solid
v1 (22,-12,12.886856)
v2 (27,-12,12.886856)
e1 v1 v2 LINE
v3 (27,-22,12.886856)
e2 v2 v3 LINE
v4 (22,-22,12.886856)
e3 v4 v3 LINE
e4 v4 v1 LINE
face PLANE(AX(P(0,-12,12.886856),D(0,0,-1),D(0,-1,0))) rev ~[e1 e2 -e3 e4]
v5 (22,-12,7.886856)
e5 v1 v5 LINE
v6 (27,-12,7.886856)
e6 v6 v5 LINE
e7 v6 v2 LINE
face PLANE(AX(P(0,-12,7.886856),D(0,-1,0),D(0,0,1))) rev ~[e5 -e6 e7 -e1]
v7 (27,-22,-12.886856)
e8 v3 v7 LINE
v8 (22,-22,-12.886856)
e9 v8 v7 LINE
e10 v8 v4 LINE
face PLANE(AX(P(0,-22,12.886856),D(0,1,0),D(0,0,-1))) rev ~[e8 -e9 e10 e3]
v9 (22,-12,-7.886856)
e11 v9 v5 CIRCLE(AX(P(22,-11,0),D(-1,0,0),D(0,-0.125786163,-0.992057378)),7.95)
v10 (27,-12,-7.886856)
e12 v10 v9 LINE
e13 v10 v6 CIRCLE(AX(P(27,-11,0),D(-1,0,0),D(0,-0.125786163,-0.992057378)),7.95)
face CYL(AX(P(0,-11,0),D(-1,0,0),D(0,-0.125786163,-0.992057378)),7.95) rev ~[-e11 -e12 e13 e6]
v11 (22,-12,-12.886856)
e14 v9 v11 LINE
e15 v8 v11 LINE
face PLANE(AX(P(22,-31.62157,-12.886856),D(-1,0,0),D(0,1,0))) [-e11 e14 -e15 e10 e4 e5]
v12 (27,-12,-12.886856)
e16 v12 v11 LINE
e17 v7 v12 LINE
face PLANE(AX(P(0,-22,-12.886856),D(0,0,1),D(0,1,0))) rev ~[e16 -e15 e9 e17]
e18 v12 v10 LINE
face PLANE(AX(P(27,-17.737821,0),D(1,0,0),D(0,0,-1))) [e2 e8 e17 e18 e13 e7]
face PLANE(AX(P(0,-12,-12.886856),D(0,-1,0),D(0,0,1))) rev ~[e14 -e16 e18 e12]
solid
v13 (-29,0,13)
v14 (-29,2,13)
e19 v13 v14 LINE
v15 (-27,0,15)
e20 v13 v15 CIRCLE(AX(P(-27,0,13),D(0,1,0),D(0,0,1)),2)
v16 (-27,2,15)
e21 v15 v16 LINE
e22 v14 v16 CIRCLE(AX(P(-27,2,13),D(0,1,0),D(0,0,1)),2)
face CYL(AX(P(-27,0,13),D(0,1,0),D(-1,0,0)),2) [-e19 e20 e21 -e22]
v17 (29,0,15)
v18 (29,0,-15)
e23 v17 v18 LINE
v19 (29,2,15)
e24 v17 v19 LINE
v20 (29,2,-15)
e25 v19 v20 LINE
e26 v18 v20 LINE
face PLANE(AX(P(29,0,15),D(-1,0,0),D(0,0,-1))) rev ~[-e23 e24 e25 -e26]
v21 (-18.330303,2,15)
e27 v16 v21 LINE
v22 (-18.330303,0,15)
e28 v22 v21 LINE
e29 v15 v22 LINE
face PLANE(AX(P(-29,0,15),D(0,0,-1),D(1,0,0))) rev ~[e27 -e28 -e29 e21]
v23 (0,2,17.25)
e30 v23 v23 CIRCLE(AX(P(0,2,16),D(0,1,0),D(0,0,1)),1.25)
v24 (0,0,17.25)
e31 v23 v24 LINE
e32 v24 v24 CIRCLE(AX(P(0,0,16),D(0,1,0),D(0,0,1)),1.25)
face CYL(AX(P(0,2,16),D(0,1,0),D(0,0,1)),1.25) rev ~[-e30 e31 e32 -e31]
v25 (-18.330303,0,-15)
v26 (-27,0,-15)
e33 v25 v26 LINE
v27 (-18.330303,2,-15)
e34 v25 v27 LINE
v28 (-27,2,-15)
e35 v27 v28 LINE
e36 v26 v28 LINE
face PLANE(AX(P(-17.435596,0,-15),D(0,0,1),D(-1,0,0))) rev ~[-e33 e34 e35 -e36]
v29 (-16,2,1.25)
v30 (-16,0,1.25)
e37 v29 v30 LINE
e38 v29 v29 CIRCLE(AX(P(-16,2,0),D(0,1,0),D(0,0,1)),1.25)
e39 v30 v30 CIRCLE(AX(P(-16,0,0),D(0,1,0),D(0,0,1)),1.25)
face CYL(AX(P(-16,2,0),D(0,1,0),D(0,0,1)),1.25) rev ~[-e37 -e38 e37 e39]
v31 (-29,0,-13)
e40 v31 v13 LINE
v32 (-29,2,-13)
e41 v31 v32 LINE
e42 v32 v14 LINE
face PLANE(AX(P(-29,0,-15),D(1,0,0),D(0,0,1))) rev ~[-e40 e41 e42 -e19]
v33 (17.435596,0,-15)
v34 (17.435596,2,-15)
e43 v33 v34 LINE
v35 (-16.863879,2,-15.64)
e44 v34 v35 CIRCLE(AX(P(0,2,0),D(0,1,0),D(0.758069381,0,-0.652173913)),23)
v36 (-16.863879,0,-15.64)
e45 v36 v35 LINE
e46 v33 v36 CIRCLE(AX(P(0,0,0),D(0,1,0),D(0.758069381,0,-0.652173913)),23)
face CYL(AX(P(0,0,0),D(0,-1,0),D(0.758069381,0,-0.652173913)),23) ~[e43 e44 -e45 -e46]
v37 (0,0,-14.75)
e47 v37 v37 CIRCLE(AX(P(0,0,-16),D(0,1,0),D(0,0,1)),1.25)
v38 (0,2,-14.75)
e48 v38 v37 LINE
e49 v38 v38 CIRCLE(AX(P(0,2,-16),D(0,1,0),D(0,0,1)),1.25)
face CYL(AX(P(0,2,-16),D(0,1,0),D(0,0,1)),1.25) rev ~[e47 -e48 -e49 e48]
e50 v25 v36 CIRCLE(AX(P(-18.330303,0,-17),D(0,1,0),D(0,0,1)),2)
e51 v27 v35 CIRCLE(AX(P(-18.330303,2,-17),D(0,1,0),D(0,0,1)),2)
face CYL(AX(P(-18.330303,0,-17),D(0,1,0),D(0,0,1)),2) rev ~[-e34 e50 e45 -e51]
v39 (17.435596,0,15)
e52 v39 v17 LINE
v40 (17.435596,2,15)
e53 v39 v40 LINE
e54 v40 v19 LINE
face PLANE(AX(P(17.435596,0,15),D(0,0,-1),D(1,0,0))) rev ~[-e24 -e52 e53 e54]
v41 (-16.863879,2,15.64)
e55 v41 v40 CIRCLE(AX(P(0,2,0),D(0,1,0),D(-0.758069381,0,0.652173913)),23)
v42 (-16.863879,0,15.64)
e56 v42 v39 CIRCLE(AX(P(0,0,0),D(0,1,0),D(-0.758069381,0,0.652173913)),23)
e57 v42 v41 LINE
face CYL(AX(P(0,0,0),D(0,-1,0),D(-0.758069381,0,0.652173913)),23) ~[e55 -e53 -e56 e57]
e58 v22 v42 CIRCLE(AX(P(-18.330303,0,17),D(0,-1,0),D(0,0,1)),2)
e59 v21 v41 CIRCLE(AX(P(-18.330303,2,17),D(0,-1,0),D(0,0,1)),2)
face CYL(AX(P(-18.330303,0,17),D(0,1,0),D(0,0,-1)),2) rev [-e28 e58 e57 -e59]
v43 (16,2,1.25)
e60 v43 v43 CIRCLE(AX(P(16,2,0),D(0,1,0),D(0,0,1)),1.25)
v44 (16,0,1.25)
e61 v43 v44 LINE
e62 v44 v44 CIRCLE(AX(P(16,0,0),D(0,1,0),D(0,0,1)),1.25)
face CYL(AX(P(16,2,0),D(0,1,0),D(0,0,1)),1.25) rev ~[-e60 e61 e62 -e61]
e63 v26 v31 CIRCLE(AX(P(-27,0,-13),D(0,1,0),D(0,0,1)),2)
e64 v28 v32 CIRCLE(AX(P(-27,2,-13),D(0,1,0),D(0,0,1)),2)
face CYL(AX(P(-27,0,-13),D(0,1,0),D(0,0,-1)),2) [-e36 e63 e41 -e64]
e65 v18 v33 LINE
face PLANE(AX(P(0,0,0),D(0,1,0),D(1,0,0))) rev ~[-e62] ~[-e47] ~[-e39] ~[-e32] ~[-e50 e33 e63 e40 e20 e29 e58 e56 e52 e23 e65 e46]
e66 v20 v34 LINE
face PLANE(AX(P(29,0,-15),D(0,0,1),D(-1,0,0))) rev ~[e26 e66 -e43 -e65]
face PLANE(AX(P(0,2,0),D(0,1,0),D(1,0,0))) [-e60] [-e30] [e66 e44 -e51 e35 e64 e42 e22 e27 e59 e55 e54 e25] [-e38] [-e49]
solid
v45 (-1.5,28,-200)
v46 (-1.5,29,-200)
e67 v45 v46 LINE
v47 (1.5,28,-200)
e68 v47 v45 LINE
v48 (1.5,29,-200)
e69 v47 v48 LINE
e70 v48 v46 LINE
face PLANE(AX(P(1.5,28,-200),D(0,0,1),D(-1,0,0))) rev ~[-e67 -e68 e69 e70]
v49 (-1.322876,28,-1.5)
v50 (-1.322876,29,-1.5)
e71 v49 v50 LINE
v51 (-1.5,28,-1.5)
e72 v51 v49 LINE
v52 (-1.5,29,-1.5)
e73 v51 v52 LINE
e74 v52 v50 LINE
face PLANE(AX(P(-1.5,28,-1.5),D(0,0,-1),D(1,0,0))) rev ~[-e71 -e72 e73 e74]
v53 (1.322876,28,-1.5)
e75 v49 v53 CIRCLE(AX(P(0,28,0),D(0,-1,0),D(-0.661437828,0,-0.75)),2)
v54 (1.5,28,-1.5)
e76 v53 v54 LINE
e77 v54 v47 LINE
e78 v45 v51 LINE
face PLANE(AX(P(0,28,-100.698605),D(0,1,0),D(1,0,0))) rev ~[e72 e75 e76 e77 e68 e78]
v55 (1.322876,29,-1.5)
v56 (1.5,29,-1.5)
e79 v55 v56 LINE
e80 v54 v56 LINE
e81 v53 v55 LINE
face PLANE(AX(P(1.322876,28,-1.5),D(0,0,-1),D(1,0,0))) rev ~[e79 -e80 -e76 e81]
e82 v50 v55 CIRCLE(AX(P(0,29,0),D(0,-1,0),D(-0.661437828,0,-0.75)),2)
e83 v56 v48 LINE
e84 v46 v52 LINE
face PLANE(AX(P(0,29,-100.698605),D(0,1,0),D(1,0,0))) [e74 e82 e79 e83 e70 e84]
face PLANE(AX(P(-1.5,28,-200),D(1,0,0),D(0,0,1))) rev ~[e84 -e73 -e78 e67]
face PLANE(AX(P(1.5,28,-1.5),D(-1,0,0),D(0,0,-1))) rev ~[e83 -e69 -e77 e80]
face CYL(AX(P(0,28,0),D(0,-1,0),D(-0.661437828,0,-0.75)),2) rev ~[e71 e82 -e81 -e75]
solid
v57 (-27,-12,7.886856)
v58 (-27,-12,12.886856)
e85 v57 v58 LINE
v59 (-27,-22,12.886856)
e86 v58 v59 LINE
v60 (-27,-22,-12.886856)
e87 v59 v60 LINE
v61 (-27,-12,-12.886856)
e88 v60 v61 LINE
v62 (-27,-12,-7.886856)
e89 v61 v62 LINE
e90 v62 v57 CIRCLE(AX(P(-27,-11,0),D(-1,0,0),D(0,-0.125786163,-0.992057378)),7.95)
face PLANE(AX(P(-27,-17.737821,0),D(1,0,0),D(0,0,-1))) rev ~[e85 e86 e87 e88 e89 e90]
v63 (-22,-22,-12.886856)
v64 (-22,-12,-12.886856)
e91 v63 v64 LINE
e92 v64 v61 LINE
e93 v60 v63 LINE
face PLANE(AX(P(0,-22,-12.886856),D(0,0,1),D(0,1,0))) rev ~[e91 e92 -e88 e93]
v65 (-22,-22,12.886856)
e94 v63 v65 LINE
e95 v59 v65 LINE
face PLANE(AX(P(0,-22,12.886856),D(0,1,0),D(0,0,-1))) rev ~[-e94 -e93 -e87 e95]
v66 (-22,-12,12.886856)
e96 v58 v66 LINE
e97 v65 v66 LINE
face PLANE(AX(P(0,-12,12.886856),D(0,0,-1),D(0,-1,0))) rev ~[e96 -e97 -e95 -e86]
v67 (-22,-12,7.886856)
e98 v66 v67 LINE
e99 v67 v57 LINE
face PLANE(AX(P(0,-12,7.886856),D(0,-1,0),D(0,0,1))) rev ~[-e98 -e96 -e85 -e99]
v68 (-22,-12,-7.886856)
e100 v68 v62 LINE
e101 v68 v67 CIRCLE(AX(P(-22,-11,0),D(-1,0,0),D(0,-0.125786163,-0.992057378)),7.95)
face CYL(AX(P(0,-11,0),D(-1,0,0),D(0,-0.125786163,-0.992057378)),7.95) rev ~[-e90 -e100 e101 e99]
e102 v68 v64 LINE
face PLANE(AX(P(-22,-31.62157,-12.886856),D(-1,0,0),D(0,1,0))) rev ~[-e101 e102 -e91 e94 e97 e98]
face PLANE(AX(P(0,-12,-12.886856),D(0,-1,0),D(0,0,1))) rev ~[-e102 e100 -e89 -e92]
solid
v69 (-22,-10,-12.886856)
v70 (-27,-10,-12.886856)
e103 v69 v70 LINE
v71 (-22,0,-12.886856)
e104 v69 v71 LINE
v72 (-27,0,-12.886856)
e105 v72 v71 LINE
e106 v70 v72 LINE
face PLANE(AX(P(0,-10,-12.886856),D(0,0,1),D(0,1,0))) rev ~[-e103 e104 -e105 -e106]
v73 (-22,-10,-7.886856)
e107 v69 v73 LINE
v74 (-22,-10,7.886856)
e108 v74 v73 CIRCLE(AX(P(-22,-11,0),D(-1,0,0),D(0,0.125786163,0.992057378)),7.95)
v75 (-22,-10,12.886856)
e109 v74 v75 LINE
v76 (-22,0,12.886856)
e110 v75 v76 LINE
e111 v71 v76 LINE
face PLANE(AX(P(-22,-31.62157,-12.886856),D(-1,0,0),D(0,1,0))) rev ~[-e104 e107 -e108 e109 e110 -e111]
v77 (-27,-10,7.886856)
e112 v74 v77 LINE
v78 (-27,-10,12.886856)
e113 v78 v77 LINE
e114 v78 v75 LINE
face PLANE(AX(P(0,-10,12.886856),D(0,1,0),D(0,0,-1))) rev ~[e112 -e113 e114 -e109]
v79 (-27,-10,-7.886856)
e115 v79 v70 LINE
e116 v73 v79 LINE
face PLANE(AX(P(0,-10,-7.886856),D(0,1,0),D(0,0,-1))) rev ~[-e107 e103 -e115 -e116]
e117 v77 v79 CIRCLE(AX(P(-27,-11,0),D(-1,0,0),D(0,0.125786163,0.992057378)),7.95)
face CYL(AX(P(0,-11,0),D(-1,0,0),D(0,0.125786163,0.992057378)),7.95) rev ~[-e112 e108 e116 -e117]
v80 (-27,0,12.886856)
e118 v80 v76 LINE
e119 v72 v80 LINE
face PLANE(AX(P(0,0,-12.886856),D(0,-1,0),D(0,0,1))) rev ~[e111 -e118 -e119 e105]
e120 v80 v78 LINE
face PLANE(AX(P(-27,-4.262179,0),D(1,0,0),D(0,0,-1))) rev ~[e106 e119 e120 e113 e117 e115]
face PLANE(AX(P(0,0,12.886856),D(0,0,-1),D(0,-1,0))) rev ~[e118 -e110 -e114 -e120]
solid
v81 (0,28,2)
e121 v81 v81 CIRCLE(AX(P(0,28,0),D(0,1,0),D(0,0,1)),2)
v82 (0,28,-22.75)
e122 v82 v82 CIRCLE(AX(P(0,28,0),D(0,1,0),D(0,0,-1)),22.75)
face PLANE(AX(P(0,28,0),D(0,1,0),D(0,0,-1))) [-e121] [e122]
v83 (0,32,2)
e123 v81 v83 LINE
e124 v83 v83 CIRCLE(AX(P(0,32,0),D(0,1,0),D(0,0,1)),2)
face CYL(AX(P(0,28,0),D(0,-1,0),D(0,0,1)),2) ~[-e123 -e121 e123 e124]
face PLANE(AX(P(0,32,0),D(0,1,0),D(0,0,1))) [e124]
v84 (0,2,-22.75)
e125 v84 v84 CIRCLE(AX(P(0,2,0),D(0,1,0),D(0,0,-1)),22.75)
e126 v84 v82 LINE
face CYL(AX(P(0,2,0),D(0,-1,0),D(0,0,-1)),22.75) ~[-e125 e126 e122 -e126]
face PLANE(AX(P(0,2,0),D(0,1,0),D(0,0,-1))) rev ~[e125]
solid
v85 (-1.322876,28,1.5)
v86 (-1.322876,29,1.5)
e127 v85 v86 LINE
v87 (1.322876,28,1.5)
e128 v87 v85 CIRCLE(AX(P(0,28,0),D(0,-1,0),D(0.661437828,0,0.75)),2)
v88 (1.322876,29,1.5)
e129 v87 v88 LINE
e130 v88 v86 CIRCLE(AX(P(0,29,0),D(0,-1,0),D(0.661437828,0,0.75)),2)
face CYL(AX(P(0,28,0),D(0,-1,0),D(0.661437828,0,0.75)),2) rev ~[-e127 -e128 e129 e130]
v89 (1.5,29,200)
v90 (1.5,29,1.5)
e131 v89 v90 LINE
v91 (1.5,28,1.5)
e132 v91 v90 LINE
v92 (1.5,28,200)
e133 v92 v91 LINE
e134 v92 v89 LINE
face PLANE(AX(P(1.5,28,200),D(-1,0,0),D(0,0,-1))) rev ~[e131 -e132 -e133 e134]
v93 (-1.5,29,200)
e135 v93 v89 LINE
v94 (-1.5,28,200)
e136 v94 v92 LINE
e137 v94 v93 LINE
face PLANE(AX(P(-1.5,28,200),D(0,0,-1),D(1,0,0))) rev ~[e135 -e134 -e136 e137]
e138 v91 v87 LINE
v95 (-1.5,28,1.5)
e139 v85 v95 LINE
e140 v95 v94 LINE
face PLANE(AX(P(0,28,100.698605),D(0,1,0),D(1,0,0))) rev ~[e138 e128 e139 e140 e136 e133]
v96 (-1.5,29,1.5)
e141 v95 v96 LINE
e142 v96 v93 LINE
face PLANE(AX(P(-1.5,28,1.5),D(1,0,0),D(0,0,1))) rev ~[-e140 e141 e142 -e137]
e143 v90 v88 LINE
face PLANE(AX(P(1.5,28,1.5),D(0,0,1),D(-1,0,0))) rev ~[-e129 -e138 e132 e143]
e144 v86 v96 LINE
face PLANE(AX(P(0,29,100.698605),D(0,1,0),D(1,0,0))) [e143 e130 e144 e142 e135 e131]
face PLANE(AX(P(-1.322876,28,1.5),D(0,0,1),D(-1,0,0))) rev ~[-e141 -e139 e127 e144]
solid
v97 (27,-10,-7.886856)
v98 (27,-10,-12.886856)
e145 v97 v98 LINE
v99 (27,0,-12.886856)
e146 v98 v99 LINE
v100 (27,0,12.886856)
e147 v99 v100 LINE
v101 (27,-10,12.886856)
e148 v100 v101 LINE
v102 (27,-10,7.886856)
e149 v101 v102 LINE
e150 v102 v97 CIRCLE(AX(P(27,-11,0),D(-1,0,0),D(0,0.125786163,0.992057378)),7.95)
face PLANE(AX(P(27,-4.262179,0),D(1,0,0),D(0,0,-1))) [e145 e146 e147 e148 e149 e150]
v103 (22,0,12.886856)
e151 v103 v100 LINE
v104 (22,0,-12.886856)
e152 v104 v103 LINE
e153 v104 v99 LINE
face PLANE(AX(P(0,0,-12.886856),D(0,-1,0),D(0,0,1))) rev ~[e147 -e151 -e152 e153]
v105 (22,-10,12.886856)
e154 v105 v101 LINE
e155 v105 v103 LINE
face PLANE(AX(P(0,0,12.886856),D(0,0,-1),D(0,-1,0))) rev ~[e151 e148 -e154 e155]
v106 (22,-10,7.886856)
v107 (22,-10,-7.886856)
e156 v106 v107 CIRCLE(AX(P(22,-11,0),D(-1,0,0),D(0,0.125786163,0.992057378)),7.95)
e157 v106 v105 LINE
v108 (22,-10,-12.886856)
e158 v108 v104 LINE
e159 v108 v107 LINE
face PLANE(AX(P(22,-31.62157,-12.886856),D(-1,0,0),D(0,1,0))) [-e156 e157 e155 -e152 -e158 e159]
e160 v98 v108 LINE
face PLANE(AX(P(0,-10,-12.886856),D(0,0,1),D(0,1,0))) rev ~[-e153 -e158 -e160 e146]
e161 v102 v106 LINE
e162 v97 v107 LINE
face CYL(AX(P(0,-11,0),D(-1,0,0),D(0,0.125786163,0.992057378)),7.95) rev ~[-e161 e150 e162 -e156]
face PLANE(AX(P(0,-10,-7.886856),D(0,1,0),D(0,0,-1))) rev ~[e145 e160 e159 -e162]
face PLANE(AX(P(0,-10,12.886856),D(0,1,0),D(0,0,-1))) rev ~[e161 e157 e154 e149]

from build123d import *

# Parameters (mm, degrees)
BOSS_EXTRUDE1_DEPTH   = 2
BOSS_EXTRUDE2_DEPTH   = 27
BOSS_EXTRUDE2_2_DEPTH = 27
SKETCH4_W             = 44
SKETCH4_H             = 31.621569558
CUT_EXTRUDE1_DEPTH    = 52.116205304
SKETCH5_R             = 1.25
CUT_EXTRUDE2_DEPTH    = 45.11349
SKETCH6_R             = 22.75
BOSS_EXTRUDE3_DEPTH   = 26
SKETCH7_R             = 2
BOSS_EXTRUDE4_DEPTH   = 4
FILLET1_R             = 2
BOSS_EXTRUDE5_DEPTH   = 1
BOSS_EXTRUDE5_2_DEPTH = 1


with BuildPart() as part:
    # Sketch1 → Boss-Extrude1 (new body)
    with BuildSketch(Plane(origin=(0, 0, 0), x_dir=(1, 0, 0), z_dir=(0, 1, 0))):
        with BuildLine():
            Line((-17.435595774, 15), (-29, 15))
            Line((-29, 15), (-29, -15))
            Line((-29, -15), (-17.435595774, -15))
            ThreePointArc((-17.435595774, -15), (0, -23), (17.435595774, -15))
            Line((17.435595774, -15), (29, -15))
            Line((29, -15), (29, 15))
            Line((29, 15), (17.435595774, 15))
            ThreePointArc((17.435595774, 15), (0, 23), (-17.435595774, 15))
        make_face()
    extrude(amount=BOSS_EXTRUDE1_DEPTH)

    # Sketch5 → Cut-Extrude2 (cut, through all)
    with BuildSketch(Plane(origin=(0, 2, 0), x_dir=(1, 0, 0), z_dir=(0, 1, 0))):
        with Locations(Location((0, 16, 0), (0, 0, 270))):
            Circle(SKETCH5_R)
        with Locations(Location((16, 0, 0), (0, 0, 270))):
            Circle(SKETCH5_R)
        with Locations(Location((0, -16, 0), (0, 0, 270))):
            Circle(SKETCH5_R)
        with Locations(Location((-16, 0, 0), (0, 0, 270))):
            Circle(SKETCH5_R)
    extrude(amount=-CUT_EXTRUDE2_DEPTH, mode=Mode.SUBTRACT)

    # Fillet1
    fillet1_edges = [part.edges().sort_by_distance(p)[0] for p in [
        (-29, 1, 15),
        (-29, 1, -15),
        (-17.435595774, 1, -15),
        (-17.435595774, 1, 15),
    ]]
    fillet(fillet1_edges, radius=FILLET1_R)


with BuildPart() as body_2:
    # Sketch2 → Boss-Extrude2 (new, symmetric)
    with BuildSketch(Plane.ZY):
        with BuildLine():
            Line((-12.886856154, -10), (-12.886856154, 0))
            Line((-12.886856154, 0), (12.886856154, 0))
            Line((12.886856154, 0), (12.886856154, -10))
            Line((12.886856154, -10), (7.886856154, -10))
            ThreePointArc((7.886856154, -10), (0, -3.05), (-7.886856154, -10))
            Line((-7.886856154, -10), (-12.886856154, -10))
        make_face()
    extrude(amount=BOSS_EXTRUDE2_DEPTH, both=True)


with BuildPart() as body_3:
    # Sketch2 → Boss-Extrude2 2 (new, symmetric)
    with BuildSketch(Plane.ZY):
        with BuildLine():
            Line((7.886856154, -12), (12.886856154, -12))
            Line((12.886856154, -12), (12.886856154, -22))
            Line((12.886856154, -22), (-12.886856154, -22))
            Line((-12.886856154, -22), (-12.886856154, -12))
            Line((-12.886856154, -12), (-7.886856154, -12))
            ThreePointArc((-7.886856154, -12), (0, -18.95), (7.886856154, -12))
        make_face()
    extrude(amount=BOSS_EXTRUDE2_2_DEPTH, both=True)


with BuildPart() as cut_extrude1_tool:
    # Sketch4 → Cut-Extrude1 (new, through all)
    with BuildSketch(Plane(origin=(0, 0, -12.886856154), x_dir=(-1, 0, 0), z_dir=(0, 0, -1))):
        with Locations((0, -15.810784779)):
            Rectangle(SKETCH4_W, SKETCH4_H)
    extrude(amount=-CUT_EXTRUDE1_DEPTH)


with BuildPart() as body_2_1:
    add(body_2.part)

    # Cut-Extrude1: cut by cut_extrude1_tool
    add(cut_extrude1_tool.part, mode=Mode.SUBTRACT)


with BuildPart() as body_3_1:
    add(body_3.part)

    # Cut-Extrude1: cut by cut_extrude1_tool
    add(cut_extrude1_tool.part, mode=Mode.SUBTRACT)


with BuildPart() as cut_extrude1_piece_1:
    # of the separate pieces the step leaves, piece 1, a body of its own (cut_extrude1_pieces)
    add(body_2_1.part.solids().sort_by_distance((27, -10, -7.886856154))[0])


with BuildPart() as cut_extrude1_piece_2:
    # of the separate pieces the step leaves, piece 2, a body of its own (cut_extrude1_pieces)
    add(body_2_1.part.solids().sort_by_distance((-22, -10, -7.886856154))[0])


with BuildPart() as cut_extrude1_piece_1_of_body_3:
    # of the separate pieces the step leaves, piece 1, a body of its own (cut_extrude1_pieces_of_body_3)
    add(body_3_1.part.solids().sort_by_distance((27, -12, 7.886856154))[0])


with BuildPart() as cut_extrude1_piece_2_of_body_3:
    # of the separate pieces the step leaves, piece 2, a body of its own (cut_extrude1_pieces_of_body_3)
    add(body_3_1.part.solids().sort_by_distance((-22, -12, 7.886856154))[0])


with BuildPart() as body_6:
    # Sketch6 → Boss-Extrude3 (new body)
    with BuildSketch(Plane(origin=(0, 2, 0), x_dir=(1, 0, 0), z_dir=(0, 1, 0))):
        with Locations(Location((0, 0, 0), (0, 0, 90))):
            Circle(SKETCH6_R)
    extrude(amount=BOSS_EXTRUDE3_DEPTH)

    # Sketch7 → Boss-Extrude4 (add)
    with BuildSketch(Plane(origin=(0, 28, 0), x_dir=(1, 0, 0), z_dir=(0, 1, 0))):
        with Locations(Location((0, 0, 0), (0, 0, 270))):
            Circle(SKETCH7_R)
    extrude(amount=BOSS_EXTRUDE4_DEPTH)


with BuildPart() as body_7:
    # Sketch8 → Boss-Extrude5 (new body)
    with BuildSketch(Plane(origin=(0, 28, 0), x_dir=(1, 0, 0), z_dir=(0, 1, 0))):
        with BuildLine():
            Line((-1.5, -1.5), (-1.5, -200))
            Line((-1.5, -200), (1.5, -200))
            Line((1.5, -200), (1.5, -1.5))
            Line((1.5, -1.5), (1.322875656, -1.5))
            ThreePointArc((1.322875656, -1.5), (0, -2), (-1.322875656, -1.5))
            Line((-1.322875656, -1.5), (-1.5, -1.5))
        make_face()
    extrude(amount=BOSS_EXTRUDE5_DEPTH)


with BuildPart() as body_8:
    # Sketch8 → Boss-Extrude5 2 (new body)
    with BuildSketch(Plane(origin=(0, 28, 0), x_dir=(1, 0, 0), z_dir=(0, 1, 0))):
        with BuildLine():
            Line((-1.5, 200), (-1.5, 1.5))
            Line((-1.5, 1.5), (-1.322875656, 1.5))
            ThreePointArc((-1.322875656, 1.5), (0, 2), (1.322875656, 1.5))
            Line((1.322875656, 1.5), (1.5, 1.5))
            Line((1.5, 1.5), (1.5, 200))
            Line((1.5, 200), (-1.5, 200))
        make_face()
    extrude(amount=BOSS_EXTRUDE5_2_DEPTH)


solid = Compound([part.part, cut_extrude1_piece_1.part, cut_extrude1_piece_2.part, cut_extrude1_piece_1_of_body_3.part, cut_extrude1_piece_2_of_body_3.part, body_6.part, body_7.part, body_8.part])
